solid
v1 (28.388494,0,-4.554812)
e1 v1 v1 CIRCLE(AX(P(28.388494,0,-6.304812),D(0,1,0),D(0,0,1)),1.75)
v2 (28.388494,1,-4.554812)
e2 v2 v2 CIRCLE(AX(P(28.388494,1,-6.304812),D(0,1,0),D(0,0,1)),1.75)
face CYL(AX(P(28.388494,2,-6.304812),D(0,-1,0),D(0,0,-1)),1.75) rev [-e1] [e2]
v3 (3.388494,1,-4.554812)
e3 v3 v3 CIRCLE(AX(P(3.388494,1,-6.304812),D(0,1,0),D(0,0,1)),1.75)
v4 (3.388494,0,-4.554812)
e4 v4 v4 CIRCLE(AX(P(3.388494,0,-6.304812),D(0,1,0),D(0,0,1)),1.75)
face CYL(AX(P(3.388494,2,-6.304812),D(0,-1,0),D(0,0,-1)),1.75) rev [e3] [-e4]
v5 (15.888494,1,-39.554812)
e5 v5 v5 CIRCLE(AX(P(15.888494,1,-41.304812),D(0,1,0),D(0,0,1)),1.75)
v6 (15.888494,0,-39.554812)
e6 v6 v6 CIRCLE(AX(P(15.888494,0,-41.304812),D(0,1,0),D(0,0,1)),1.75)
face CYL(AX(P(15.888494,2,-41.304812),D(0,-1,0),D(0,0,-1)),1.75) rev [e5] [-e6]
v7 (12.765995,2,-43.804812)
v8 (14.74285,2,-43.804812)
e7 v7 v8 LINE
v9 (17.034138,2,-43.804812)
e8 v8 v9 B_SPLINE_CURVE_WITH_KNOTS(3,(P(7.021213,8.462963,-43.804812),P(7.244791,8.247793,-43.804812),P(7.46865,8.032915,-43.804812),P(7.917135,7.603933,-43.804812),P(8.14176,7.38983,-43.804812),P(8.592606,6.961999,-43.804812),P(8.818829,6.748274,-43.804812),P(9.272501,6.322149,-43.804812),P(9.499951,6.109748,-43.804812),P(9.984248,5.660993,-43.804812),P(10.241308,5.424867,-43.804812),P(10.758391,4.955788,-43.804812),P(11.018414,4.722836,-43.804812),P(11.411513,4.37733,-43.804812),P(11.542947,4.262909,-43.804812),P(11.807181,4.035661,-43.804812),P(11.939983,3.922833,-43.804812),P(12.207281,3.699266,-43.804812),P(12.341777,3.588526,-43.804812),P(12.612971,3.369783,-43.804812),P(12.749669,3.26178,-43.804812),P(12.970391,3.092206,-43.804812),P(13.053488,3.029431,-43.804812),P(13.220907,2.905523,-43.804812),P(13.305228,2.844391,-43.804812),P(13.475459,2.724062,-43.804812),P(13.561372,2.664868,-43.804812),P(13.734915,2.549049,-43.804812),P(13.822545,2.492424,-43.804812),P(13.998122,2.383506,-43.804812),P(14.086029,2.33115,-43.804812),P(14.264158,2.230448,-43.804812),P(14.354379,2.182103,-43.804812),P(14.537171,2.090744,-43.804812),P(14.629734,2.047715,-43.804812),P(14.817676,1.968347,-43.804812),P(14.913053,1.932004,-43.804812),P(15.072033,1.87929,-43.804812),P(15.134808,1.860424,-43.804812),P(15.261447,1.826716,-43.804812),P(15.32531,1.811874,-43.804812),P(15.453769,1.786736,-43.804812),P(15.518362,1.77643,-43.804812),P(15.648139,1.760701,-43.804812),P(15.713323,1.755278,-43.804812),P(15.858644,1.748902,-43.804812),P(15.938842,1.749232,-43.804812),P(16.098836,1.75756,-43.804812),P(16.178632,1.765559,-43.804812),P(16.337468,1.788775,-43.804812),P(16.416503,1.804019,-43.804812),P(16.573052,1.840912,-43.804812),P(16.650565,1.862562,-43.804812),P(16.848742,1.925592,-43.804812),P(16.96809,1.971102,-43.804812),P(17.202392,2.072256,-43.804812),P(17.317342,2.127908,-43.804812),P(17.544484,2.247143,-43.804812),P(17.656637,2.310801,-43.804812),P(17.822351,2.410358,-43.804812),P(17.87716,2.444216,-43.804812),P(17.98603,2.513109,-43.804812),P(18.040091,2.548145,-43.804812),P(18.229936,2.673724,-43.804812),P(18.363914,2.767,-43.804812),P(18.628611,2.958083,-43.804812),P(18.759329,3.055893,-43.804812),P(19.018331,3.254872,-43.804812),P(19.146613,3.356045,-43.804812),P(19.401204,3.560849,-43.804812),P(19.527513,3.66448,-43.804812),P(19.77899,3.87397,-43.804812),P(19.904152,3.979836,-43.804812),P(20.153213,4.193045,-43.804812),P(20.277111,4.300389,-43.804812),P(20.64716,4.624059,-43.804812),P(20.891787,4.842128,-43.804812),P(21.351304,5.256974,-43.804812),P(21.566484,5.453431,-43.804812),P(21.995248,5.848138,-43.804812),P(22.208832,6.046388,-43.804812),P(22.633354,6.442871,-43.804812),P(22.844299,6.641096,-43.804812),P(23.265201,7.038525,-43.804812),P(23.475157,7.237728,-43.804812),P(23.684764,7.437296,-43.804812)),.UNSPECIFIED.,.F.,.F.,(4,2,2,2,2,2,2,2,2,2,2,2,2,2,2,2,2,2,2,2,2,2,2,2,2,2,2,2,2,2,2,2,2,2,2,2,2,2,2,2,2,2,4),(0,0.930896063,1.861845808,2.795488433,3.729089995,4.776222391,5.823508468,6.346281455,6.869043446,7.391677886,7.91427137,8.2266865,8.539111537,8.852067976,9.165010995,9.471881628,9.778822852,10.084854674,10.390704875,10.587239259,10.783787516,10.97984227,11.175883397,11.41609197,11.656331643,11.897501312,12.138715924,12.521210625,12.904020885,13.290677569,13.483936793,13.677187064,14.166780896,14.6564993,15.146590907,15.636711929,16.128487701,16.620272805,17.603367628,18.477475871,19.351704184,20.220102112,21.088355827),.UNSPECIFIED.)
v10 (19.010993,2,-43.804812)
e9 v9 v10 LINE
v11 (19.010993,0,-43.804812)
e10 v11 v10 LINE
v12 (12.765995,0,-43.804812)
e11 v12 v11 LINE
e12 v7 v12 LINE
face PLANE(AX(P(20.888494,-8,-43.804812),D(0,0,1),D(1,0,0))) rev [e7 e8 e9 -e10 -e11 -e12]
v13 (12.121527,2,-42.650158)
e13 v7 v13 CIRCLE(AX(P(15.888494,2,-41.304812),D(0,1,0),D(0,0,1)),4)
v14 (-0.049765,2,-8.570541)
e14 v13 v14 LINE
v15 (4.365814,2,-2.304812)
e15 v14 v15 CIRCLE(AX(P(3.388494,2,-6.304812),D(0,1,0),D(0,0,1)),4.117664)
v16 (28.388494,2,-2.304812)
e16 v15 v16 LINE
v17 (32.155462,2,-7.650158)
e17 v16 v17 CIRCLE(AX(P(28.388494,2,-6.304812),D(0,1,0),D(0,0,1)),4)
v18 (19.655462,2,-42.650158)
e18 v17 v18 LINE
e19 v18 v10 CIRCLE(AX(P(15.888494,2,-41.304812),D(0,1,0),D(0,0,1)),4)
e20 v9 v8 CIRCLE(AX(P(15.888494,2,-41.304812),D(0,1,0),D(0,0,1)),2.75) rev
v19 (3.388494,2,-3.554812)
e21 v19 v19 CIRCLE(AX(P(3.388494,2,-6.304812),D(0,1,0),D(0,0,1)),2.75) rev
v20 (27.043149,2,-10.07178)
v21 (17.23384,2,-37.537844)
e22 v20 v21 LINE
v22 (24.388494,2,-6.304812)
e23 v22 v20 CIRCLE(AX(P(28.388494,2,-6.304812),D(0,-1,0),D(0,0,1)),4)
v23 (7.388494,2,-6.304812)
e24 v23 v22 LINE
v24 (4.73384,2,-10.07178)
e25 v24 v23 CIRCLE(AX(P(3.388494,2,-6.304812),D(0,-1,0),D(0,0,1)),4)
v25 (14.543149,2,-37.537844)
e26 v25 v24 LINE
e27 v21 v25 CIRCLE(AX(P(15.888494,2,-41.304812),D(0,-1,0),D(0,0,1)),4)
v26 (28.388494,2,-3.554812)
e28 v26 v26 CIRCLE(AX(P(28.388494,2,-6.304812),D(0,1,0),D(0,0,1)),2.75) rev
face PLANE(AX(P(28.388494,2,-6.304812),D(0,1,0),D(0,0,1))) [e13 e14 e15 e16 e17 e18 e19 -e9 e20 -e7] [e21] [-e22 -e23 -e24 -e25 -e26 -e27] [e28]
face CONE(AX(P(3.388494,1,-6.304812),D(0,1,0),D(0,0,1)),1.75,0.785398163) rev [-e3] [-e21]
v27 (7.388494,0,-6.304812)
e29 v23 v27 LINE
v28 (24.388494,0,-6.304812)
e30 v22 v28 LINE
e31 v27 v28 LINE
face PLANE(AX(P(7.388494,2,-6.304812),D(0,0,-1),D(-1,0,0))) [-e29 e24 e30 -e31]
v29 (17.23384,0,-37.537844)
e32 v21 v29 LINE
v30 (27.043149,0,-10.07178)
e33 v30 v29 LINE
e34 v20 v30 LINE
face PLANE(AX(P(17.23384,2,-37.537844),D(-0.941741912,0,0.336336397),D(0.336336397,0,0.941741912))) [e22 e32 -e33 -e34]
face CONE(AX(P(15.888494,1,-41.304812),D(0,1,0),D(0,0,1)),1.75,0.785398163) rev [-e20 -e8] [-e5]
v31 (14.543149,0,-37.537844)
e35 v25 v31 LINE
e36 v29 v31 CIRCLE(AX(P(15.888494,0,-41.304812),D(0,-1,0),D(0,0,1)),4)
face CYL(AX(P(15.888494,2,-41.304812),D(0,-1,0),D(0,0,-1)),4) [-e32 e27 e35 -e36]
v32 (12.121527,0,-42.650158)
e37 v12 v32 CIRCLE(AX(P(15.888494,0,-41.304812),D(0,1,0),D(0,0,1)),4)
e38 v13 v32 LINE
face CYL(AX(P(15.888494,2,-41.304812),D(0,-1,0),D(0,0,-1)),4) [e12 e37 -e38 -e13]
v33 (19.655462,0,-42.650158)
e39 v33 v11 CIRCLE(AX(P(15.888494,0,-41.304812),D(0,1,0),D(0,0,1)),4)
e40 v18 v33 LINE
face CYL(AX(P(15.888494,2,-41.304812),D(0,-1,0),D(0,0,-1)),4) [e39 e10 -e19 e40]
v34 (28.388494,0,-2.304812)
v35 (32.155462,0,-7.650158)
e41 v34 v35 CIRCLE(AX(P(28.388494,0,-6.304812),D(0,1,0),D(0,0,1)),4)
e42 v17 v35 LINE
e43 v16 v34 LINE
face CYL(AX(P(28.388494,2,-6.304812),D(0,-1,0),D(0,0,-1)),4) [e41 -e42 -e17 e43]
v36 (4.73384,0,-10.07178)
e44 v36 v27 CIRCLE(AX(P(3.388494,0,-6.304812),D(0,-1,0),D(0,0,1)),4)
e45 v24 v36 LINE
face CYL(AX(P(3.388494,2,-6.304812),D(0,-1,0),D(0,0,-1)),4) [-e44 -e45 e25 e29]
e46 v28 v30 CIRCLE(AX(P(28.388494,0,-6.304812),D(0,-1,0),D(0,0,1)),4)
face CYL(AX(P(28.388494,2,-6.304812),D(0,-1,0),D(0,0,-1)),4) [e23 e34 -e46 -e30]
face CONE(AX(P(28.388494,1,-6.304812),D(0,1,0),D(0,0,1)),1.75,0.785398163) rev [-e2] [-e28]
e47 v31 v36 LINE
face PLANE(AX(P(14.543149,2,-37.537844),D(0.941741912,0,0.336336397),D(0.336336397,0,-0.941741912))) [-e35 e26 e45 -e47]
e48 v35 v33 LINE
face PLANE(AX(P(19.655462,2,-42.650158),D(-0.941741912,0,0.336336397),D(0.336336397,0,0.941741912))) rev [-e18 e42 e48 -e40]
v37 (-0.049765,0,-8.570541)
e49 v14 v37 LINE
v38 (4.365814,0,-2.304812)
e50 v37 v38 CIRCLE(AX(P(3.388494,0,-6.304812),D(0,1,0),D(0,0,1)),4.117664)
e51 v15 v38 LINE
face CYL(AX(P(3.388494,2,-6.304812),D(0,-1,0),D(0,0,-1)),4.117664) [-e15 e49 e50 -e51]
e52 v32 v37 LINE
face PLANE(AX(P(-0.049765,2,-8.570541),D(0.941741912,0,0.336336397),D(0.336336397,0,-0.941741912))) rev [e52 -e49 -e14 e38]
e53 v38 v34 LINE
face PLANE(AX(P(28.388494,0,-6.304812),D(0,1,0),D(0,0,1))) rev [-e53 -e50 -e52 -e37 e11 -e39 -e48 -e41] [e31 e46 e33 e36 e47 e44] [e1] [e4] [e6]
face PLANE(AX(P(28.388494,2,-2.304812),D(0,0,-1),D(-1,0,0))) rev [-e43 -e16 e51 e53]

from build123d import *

# Parameters (mm, degrees)
IZIM2_R                     = 1.75
Y_KSEKLIK_EKSTR_ZYON1_DEPTH = 2
PAH1_SIZE                   = 1
IZIM3_W                     = 10
IZIM3_H                     = 1.5
KES_EKSTR_ZYON1_DEPTH       = 10


with BuildPart() as part:
    # Çizim2 → Yükseklik-Ekstrüzyon1 (new body)
    with BuildSketch(Plane(origin=(0, 0, 0), x_dir=(1, 0, 0), z_dir=(0, 1, 0))):
        with BuildLine():
            Line((19.655461919, 42.650157531), (32.155461919, 7.650157531))
            ThreePointArc((32.155461919, 7.650157531), (31.658156515, 4.000618196), (28.388494273, 2.304811943))
            Line((28.388494273, 2.304811943), (4.365814172, 2.304811943))
            ThreePointArc((4.365814172, 2.304811943), (0.022651908, 3.932838217), (-0.04976512, 8.570540641))
            Line((-0.04976512, 8.570540641), (12.121526627, 42.650157531))
            ThreePointArc((12.121526627, 42.650157531), (15.888494273, 45.304811943), (19.655461919, 42.650157531))
        make_face()
        with Locations(Location((3.388494273, 6.304811943, 0), (0, 0, 270))):
            Circle(IZIM2_R, mode=Mode.SUBTRACT)
        with Locations(Location((28.388494273, 6.304811943, 0), (0, 0, 270))):
            Circle(IZIM2_R, mode=Mode.SUBTRACT)
        with Locations(Location((15.888494273, 41.304811943, 0), (0, 0, 270))):
            Circle(IZIM2_R, mode=Mode.SUBTRACT)
        with BuildLine():
            Line((14.543148685, 37.537844297), (4.733839861, 10.07177959))
            ThreePointArc((4.733839861, 10.07177959), (6.658156515, 8.60900569), (7.388494273, 6.304811943))
            Line((7.388494273, 6.304811943), (24.388494273, 6.304811943))
            ThreePointArc((24.388494273, 6.304811943), (25.118832031, 8.60900569), (27.043148685, 10.07177959))
            Line((27.043148685, 10.07177959), (17.233839861, 37.537844297))
            ThreePointArc((17.233839861, 37.537844297), (15.888494273, 37.304811943), (14.543148685, 37.537844297))
        make_face(mode=Mode.SUBTRACT)
    extrude(amount=Y_KSEKLIK_EKSTR_ZYON1_DEPTH)

    # Pah1
    pah1_edges = [part.edges().sort_by_distance(p)[0] for p in [
        (3.388494273, 2, -8.054811943),
        (28.388494273, 2, -8.054811943),
        (15.888494273, 2, -43.054811943),
    ]]
    chamfer(pah1_edges, length=PAH1_SIZE)

    # Çizim3 → Kes-Ekstrüzyon1 (cut)
    with BuildSketch(Plane(origin=(0, 2, 0), x_dir=(1, 0, 0), z_dir=(0, 1, 0))):
        with Locations((15.888494273, 44.554811943)):
            Rectangle(IZIM3_W, IZIM3_H)
    extrude(amount=-KES_EKSTR_ZYON1_DEPTH, mode=Mode.SUBTRACT)


solid = part.part
